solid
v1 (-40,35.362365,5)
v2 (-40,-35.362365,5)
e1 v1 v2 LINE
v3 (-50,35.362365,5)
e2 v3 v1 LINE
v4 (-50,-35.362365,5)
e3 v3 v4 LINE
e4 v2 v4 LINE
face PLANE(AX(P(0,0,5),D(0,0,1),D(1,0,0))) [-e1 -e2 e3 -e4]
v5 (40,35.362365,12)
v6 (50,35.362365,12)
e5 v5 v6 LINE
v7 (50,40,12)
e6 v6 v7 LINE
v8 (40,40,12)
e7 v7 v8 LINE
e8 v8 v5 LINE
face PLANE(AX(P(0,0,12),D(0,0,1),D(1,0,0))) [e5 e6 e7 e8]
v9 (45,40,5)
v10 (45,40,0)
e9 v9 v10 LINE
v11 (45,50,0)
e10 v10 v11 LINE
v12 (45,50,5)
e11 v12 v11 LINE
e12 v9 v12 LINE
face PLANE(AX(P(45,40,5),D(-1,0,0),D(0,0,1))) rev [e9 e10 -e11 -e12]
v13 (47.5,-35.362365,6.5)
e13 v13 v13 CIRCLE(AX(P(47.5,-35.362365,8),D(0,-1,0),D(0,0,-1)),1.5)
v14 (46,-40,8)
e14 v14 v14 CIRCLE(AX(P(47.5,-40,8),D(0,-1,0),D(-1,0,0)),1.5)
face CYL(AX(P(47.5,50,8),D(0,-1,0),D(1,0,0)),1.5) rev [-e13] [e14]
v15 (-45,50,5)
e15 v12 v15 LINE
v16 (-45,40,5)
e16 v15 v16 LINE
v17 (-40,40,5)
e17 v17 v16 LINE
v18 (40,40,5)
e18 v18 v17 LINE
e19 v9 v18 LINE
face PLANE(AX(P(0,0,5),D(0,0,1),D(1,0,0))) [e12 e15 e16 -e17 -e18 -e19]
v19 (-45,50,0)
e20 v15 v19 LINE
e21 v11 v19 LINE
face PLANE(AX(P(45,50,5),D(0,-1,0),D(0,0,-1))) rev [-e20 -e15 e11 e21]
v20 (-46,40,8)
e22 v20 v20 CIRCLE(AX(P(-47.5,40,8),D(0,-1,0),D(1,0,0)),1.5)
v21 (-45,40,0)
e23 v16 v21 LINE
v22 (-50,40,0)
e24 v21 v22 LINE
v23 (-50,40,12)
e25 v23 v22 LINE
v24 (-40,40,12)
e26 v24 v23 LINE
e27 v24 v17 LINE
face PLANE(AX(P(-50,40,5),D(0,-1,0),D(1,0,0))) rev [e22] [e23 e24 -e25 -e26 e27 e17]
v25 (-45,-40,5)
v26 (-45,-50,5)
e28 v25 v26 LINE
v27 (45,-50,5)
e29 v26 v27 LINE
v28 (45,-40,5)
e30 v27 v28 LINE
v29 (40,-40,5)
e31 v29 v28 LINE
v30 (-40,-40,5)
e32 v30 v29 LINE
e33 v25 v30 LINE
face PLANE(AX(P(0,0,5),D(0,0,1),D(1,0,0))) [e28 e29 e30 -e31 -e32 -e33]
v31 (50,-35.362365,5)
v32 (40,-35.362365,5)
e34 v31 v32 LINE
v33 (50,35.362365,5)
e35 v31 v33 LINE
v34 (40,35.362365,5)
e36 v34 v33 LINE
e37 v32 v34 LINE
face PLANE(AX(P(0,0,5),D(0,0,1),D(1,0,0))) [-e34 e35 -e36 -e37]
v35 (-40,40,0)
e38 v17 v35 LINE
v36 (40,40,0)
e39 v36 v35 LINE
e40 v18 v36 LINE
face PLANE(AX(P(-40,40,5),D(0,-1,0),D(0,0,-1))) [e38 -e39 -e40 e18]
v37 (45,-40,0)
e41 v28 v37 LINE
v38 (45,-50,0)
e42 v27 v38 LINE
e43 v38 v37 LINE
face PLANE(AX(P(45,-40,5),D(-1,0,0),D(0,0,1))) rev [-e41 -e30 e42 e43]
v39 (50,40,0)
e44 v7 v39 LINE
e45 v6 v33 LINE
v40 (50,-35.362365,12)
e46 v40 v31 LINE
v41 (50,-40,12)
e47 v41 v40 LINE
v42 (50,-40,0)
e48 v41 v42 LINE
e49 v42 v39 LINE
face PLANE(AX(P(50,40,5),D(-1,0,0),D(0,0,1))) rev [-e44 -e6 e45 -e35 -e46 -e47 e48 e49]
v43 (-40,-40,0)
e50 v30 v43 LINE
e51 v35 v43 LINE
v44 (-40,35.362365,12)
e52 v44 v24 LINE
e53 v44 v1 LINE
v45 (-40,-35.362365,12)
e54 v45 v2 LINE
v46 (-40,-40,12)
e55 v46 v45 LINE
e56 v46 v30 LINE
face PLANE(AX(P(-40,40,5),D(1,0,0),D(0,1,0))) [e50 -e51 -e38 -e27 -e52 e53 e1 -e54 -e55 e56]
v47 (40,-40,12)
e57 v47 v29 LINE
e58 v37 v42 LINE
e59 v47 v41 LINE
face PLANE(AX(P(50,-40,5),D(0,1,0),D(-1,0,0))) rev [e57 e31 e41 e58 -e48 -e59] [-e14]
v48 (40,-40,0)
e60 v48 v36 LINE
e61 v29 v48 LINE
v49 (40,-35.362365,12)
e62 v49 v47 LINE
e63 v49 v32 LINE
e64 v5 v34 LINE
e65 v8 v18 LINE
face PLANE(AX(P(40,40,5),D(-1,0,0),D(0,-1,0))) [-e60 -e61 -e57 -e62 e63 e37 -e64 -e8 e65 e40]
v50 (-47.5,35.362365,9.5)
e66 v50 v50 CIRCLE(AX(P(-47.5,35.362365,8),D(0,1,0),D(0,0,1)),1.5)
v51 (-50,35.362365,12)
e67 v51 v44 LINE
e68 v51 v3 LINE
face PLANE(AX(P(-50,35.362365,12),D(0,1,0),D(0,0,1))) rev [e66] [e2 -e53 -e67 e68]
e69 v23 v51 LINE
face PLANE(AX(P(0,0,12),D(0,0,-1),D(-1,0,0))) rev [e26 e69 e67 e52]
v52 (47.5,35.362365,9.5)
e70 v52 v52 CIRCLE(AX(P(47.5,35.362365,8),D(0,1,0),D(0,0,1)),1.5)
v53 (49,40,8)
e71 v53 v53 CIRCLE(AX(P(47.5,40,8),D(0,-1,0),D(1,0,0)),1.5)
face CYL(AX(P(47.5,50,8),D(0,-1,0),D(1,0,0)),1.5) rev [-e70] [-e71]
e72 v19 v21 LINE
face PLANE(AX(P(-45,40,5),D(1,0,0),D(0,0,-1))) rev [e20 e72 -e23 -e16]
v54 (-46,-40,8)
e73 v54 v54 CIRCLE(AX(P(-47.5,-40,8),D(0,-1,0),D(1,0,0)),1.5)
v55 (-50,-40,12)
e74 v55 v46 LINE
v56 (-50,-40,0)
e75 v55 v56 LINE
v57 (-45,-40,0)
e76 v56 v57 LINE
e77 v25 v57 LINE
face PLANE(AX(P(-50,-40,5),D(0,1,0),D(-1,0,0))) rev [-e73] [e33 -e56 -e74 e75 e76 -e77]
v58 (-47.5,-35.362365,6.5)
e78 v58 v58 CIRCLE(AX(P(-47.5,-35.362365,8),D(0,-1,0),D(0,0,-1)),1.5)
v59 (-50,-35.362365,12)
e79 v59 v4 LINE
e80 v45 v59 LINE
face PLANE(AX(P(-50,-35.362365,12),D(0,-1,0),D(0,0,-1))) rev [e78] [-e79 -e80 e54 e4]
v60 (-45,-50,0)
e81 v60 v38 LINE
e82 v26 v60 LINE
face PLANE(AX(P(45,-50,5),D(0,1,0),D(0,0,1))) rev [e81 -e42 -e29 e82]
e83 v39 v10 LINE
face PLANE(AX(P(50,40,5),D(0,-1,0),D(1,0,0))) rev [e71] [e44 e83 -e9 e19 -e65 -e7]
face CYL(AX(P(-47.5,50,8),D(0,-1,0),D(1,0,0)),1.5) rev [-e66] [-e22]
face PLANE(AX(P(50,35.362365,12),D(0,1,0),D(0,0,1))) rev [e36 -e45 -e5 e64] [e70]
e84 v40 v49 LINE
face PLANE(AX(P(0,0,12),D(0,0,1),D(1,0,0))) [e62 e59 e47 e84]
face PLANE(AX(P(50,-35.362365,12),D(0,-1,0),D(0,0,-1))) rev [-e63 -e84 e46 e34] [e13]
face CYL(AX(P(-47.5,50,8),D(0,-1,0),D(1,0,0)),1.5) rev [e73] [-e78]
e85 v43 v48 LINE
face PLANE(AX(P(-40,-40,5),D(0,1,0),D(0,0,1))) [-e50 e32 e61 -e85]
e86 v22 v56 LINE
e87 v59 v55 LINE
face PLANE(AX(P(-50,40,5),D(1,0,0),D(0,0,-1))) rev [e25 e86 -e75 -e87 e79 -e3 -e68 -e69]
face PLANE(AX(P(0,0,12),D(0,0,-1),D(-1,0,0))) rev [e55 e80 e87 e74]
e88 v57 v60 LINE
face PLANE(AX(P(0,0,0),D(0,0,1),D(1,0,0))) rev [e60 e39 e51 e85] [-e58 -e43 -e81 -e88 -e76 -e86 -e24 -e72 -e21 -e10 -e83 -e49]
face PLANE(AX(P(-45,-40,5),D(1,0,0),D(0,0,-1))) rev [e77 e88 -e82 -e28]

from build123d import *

# Parameters (mm, degrees)
SKETCH1_W           = 80
SKETCH1_H           = 80
BOSS_EXTRUDE1_DEPTH = 5
SKETCH2_W           = 10
SKETCH2_H           = 4.637634929
BOSS_EXTRUDE2_DEPTH = 7
SKETCH3_R           = 1.5
CUT_EXTRUDE1_DEPTH  = 91


with BuildPart() as part:
    # Sketch1 → Boss-Extrude1 (new body)
    with BuildSketch(Plane.XY):
        Polygon((-50, 40), (-45, 40), (-45, 50), (45, 50), (45, 40), (50, 40), (50, -40), (45, -40), (45, -50), (-45, -50), (-45, -40), (-50, -40), align=None)
        Rectangle(SKETCH1_W, SKETCH1_H, mode=Mode.SUBTRACT)
    extrude(amount=BOSS_EXTRUDE1_DEPTH)

    # Sketch2 → Boss-Extrude2 (add)
    with BuildSketch(Plane.XY.offset(5)):
        with Locations((45, -37.681182535)):
            Rectangle(SKETCH2_W, SKETCH2_H)
        with Locations((-45, -37.681182535)):
            Rectangle(SKETCH2_W, SKETCH2_H)
        with Locations((-45, 37.681182535)):
            Rectangle(SKETCH2_W, SKETCH2_H)
        with Locations((45, 37.681182535)):
            Rectangle(SKETCH2_W, SKETCH2_H)
    extrude(amount=BOSS_EXTRUDE2_DEPTH)

    # Sketch3 → Cut-Extrude1 (cut, through all)
    with BuildSketch(Plane.XZ.offset(40)):
        with Locations((-47.5, 8)):
            Circle(SKETCH3_R)
        with Locations((47.5, 8)):
            Circle(SKETCH3_R)
    extrude(amount=-CUT_EXTRUDE1_DEPTH, mode=Mode.SUBTRACT)


solid = part.part
